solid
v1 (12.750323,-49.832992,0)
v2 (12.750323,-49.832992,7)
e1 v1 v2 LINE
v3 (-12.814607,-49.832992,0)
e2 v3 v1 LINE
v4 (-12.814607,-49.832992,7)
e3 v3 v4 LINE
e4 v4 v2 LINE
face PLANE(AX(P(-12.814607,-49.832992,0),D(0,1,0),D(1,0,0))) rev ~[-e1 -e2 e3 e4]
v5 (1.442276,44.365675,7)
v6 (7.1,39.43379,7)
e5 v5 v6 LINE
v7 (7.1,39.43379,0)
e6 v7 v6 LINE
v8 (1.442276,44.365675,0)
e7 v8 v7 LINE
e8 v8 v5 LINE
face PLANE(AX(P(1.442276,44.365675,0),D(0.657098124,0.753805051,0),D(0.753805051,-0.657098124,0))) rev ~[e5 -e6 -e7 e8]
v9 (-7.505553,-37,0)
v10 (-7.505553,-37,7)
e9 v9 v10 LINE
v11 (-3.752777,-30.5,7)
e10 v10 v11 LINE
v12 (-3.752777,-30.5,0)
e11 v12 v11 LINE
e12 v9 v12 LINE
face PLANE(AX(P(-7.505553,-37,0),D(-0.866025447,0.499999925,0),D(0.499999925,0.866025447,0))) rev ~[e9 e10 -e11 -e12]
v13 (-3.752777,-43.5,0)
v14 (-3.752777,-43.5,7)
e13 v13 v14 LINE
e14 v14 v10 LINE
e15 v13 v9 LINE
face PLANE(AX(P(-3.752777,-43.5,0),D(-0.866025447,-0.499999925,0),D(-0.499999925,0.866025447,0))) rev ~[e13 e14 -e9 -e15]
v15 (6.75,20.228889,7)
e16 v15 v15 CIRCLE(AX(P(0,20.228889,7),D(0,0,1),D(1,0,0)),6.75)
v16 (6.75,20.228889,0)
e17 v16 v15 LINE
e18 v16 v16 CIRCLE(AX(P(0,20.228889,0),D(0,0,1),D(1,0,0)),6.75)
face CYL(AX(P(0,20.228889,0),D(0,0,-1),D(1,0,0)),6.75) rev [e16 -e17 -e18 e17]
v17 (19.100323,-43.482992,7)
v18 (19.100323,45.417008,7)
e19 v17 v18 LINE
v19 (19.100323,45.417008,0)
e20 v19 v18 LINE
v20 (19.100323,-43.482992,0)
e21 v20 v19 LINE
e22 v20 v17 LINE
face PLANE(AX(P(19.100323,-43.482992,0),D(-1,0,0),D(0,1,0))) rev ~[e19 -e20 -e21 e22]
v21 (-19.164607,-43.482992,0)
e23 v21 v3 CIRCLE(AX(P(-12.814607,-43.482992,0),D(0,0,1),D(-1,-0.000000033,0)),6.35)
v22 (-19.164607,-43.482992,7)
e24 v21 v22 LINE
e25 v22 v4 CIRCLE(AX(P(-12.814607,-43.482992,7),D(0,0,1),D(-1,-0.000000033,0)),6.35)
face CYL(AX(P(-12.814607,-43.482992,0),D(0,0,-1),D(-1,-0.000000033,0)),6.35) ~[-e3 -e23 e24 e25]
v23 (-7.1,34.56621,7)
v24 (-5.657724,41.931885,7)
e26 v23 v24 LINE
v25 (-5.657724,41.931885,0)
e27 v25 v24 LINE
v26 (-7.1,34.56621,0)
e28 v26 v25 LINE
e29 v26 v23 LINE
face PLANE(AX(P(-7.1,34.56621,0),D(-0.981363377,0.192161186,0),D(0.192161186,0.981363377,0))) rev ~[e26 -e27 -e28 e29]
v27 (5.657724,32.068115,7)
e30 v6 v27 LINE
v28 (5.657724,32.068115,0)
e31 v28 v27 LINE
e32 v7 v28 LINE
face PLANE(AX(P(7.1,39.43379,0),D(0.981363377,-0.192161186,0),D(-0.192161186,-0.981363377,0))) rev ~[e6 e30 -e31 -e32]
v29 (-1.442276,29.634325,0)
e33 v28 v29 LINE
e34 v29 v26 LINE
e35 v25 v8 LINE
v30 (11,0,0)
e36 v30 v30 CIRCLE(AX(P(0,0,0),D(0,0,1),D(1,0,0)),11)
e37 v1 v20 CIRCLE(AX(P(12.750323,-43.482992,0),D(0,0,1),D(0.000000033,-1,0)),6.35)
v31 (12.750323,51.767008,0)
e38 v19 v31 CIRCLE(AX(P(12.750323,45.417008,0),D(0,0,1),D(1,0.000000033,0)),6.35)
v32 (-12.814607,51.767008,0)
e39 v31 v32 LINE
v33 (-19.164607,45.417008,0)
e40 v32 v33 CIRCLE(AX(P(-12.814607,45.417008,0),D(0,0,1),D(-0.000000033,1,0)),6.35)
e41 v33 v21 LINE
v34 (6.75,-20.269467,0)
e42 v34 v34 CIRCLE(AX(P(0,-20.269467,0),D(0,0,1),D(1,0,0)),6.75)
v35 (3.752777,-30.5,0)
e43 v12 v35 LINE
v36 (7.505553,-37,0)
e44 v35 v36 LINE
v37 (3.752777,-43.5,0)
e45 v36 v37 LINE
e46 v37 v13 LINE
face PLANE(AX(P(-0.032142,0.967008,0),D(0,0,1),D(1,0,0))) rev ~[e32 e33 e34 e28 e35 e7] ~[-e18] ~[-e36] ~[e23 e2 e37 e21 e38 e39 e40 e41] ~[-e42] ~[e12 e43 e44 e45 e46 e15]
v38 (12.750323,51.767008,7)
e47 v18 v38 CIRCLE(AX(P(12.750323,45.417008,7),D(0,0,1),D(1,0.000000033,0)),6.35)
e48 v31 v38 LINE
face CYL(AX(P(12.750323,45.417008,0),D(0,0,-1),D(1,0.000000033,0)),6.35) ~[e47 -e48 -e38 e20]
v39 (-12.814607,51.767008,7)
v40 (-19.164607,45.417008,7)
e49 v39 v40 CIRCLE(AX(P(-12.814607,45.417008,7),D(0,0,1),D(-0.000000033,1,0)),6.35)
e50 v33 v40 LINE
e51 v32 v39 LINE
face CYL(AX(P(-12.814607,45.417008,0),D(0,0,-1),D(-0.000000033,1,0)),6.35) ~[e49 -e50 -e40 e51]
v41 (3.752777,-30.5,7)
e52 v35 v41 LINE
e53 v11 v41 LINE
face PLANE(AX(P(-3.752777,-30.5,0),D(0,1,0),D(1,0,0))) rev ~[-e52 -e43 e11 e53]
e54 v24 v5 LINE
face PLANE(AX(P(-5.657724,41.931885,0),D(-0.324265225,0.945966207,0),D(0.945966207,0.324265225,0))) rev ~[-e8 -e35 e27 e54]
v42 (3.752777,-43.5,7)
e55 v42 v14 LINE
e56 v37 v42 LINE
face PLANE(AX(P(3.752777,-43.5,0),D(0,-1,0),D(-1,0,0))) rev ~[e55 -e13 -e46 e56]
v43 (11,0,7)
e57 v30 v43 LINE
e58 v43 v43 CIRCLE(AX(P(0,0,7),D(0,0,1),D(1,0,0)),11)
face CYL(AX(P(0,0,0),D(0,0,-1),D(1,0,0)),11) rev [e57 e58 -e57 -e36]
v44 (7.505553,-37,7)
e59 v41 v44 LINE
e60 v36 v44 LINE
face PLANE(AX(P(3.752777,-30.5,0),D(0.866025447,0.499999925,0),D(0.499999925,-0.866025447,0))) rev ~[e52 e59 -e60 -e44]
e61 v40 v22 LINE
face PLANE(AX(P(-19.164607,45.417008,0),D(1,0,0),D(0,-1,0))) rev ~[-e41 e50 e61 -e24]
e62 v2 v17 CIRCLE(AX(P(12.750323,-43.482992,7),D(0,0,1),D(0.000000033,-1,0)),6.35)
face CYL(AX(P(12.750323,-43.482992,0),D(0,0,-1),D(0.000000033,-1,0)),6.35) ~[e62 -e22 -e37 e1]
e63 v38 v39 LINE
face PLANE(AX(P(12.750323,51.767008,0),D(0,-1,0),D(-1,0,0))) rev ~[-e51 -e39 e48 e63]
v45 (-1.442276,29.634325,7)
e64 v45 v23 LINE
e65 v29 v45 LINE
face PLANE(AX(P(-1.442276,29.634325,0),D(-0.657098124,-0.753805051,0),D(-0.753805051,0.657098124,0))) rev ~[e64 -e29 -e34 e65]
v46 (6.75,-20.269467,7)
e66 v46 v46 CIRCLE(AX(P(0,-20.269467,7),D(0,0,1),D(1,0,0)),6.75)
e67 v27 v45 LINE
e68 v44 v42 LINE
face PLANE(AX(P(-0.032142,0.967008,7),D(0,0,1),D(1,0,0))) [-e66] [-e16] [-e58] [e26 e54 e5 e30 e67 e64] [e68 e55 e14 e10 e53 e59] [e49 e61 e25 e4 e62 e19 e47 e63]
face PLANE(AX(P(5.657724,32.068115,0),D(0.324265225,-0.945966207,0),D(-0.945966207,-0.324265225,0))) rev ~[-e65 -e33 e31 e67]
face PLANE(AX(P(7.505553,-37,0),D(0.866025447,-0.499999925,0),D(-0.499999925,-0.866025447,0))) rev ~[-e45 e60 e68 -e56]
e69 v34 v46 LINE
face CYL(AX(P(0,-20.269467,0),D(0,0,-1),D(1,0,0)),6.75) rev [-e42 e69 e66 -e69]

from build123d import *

# Parameters (mm, degrees)
F0_R     = 6.75
F0_R_2   = 11
F1_DEPTH = 7


with BuildPart() as f1:
    # F0 (on Top) → F1 (new body)
    with BuildSketch(Plane.XY):
        with BuildLine():
            Line((12.750323, 51.767008), (-12.814607, 51.767008))
            ThreePointArc((-12.814607, 51.767008), (-17.304735, 49.907136), (-19.164607, 45.417008))
            Line((-19.164607, 45.417008), (-19.164607, -43.482992))
            ThreePointArc((-19.164607, -43.482992), (-17.304735, -47.97312), (-12.814607, -49.832992))
            Line((-12.814607, -49.832992), (12.750323, -49.832992))
            ThreePointArc((12.750323, -49.832992), (17.240451, -47.97312), (19.100323, -43.482992))
            Line((19.100323, -43.482992), (19.100323, 45.417008))
            ThreePointArc((19.100323, 45.417008), (17.240451, 49.907136), (12.750323, 51.767008))
        make_face()
        Polygon((7.505553, -37), (3.752777, -43.5), (-3.752777, -43.5), (-7.505553, -37), (-3.752777, -30.5), (3.752777, -30.5), align=None, mode=Mode.SUBTRACT)
        with Locations((0, -20.269467)):
            Circle(F0_R, mode=Mode.SUBTRACT)
        Circle(F0_R_2, mode=Mode.SUBTRACT)
        with Locations((0, 20.228889)):
            Circle(F0_R, mode=Mode.SUBTRACT)
        Polygon((1.442276, 44.365675), (7.1, 39.43379), (5.657724, 32.068115), (-1.442276, 29.634325), (-7.1, 34.56621), (-5.657724, 41.931885), align=None, mode=Mode.SUBTRACT)
    extrude(amount=F1_DEPTH)


solid = f1.part
